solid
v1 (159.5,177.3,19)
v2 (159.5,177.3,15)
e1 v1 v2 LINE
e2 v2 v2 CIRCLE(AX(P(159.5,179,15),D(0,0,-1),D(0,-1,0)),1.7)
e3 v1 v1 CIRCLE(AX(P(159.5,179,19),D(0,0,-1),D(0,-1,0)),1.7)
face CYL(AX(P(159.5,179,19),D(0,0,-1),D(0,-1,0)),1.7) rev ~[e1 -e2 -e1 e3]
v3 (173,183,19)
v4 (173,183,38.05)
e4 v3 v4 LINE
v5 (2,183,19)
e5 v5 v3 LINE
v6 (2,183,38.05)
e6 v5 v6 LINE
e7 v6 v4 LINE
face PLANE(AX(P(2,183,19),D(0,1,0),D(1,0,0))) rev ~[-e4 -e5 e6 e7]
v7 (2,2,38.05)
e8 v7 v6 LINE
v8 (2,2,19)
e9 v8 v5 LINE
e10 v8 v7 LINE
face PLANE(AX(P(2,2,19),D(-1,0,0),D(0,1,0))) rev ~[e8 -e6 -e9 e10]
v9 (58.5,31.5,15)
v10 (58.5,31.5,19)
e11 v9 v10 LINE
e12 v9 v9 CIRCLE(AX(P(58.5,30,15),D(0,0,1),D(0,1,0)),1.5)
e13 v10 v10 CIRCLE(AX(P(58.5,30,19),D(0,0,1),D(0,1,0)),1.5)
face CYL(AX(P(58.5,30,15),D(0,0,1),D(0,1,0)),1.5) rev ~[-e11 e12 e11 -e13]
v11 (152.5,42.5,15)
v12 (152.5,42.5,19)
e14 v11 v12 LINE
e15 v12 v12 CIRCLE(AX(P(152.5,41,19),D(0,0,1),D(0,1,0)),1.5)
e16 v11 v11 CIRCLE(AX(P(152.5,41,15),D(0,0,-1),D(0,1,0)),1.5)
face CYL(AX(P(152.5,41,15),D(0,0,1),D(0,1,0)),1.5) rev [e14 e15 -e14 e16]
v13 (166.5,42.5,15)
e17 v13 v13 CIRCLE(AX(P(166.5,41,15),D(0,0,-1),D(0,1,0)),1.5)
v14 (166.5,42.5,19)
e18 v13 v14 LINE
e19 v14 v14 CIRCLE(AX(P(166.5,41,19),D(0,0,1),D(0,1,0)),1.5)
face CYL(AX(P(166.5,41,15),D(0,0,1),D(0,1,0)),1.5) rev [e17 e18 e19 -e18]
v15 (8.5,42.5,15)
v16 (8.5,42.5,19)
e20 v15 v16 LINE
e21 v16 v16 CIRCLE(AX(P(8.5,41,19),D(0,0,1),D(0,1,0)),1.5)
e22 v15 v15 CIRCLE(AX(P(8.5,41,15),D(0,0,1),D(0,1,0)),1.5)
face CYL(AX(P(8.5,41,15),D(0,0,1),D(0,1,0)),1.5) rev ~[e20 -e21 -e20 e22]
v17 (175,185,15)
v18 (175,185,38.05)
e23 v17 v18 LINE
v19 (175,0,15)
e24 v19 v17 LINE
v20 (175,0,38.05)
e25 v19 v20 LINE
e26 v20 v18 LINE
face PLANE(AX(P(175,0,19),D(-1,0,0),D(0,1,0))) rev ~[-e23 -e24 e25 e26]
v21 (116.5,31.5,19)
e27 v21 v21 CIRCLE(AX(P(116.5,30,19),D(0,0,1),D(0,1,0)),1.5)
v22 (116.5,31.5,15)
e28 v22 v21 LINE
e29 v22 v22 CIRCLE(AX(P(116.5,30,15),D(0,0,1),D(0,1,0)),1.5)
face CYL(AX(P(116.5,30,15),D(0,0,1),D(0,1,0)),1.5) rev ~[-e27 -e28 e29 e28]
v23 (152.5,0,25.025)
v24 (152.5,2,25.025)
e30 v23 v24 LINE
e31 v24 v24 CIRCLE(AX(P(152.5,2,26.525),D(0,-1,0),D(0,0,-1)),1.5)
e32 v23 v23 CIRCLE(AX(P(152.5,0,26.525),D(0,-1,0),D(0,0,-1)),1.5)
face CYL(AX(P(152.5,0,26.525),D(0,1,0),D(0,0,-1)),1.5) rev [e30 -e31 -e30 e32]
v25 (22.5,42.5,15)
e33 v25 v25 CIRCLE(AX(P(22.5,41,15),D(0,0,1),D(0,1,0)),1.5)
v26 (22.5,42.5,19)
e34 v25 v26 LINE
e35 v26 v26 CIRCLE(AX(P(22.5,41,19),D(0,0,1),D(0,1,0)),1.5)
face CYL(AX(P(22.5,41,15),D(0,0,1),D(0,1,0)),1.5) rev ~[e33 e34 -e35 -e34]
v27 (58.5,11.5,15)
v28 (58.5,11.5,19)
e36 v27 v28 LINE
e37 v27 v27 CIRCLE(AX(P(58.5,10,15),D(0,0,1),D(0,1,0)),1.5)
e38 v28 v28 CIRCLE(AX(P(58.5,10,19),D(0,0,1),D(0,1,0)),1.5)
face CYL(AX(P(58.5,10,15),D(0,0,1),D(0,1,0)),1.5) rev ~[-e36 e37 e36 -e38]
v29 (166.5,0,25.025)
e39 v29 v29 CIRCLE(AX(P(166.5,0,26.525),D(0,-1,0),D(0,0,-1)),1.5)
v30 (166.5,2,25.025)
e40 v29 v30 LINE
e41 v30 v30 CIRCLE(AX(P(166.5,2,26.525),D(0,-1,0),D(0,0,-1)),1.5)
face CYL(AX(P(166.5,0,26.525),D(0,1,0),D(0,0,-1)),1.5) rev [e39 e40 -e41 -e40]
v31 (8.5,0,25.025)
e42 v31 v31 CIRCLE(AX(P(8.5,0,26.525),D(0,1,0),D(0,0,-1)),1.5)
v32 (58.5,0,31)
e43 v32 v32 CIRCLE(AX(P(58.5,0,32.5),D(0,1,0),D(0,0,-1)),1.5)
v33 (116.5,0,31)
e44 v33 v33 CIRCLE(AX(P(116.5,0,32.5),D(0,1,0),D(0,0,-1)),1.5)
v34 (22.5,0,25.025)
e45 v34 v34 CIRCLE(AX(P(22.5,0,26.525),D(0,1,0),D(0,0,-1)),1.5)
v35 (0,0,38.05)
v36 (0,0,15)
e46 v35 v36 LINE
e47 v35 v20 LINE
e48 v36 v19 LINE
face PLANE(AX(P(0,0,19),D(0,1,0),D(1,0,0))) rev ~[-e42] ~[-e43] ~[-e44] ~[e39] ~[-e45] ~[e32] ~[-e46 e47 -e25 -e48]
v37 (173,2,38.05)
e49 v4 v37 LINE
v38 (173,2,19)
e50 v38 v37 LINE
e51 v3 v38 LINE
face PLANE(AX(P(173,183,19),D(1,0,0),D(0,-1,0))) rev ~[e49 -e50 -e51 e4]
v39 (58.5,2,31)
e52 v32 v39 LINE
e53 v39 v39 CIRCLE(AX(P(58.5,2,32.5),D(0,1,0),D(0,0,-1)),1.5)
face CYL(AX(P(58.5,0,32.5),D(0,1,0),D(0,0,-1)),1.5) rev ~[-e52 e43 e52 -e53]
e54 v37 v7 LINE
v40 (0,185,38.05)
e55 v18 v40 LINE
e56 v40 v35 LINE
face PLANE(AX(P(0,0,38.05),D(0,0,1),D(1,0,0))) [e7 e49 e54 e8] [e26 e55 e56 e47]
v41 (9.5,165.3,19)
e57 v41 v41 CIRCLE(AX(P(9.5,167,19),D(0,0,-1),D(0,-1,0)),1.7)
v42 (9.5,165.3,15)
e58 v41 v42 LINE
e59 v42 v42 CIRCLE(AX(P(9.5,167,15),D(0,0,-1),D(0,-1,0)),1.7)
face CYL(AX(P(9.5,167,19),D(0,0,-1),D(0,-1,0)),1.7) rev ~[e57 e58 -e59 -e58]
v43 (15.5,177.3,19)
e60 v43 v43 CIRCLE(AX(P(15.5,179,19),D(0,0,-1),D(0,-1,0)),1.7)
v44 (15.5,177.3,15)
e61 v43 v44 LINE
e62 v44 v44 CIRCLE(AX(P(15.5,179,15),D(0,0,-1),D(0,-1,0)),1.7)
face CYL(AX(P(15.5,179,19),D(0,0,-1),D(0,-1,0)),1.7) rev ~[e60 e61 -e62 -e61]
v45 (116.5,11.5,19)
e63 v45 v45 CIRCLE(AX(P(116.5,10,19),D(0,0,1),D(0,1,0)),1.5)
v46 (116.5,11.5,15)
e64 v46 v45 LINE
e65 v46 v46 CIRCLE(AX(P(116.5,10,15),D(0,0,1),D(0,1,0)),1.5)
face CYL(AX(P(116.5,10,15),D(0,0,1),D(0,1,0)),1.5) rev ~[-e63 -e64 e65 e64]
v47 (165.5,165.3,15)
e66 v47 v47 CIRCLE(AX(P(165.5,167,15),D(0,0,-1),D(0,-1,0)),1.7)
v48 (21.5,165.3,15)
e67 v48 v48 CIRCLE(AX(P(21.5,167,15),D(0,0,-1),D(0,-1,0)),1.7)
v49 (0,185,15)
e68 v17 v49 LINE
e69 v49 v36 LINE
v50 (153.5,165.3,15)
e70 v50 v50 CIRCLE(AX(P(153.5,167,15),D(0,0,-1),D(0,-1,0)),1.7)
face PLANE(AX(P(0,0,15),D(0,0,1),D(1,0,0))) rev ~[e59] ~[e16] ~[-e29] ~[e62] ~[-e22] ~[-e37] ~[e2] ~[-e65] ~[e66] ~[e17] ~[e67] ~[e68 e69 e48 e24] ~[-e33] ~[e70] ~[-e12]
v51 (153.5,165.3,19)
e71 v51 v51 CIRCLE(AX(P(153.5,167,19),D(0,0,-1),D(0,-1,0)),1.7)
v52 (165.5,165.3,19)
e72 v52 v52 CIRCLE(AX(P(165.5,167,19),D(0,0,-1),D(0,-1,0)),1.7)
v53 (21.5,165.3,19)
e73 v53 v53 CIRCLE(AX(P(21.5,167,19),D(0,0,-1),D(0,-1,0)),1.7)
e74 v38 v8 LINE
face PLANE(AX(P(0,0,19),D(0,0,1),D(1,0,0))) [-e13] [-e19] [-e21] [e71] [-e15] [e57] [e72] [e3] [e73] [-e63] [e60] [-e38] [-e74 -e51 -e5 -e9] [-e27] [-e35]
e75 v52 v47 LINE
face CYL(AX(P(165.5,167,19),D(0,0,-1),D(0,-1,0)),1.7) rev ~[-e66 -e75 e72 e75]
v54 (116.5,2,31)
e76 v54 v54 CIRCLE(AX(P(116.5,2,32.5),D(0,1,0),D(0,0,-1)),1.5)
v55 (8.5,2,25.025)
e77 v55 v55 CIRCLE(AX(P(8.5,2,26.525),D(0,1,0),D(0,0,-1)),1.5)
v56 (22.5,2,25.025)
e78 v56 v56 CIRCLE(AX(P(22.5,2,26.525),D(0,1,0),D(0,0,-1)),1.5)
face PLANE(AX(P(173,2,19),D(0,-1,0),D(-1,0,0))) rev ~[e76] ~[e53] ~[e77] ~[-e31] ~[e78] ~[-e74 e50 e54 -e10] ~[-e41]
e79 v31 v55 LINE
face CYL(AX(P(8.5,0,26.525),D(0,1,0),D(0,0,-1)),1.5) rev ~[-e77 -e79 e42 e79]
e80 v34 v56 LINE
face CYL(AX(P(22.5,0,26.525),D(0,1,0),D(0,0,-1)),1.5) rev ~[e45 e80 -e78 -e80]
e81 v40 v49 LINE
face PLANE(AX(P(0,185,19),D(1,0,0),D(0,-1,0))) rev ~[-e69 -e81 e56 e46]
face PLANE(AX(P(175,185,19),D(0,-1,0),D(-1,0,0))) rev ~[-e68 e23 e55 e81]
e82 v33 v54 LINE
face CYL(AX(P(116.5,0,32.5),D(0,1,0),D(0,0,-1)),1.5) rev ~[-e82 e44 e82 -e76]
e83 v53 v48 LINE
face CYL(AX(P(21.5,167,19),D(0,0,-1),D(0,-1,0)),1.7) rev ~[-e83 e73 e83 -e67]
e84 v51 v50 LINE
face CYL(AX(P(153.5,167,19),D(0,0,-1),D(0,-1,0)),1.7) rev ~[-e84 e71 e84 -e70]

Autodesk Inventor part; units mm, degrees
ref_plane "YZ Plane" through (0, 0, 0) normal (1, 0, 0) x (0, 1, 0)
ref_plane "Work Plane1" through (0, 0, 15) normal (0, 0, 1) x (1, 0, 0)
sketch "Sketch1" plane through (0, 0, 15) normal (0, 0, 1) x (1, 0, 0)
  line L0 (0, 0) -> (175, 0)
  line L1 (175, 0) -> (175, 185)
  line L2 (175, 185) -> (0, 185)
  line L3 (0, 185) -> (0, 0)
  dimension "d7" = 175
  dimension "d8" = 185
extrude "Extrusion1" add sketch "Sketch1" along normal blind 4
sketch "Sketch2" plane through (0, 0, 19) normal (0, 0, 1) x (1, 0, 0)
  line L0 (175, 185) -> (0, 185) projected
  line L1 (175, 0) -> (175, 185) projected
  line L2 (0, 185) -> (0, 0) projected
  point P0 (15.5, 179)
  point P1 (9.5, 167)
  point P2 (21.5, 167)
  point P3 (159.5, 179)
  point P4 (153.5, 167)
  point P5 (165.5, 167)
  dimension "d9" = 12
  dimension "d10" = 6
  dimension "d11" = 6
  dimension "d12" = 12
  dimension "d13" = 6
  dimension "d14" = 12
  dimension "d15" = 6
  dimension "d16" = 12
  dimension "d17" = 6
  dimension "d18" = 6
  dimension "d19" = 144
  dimension "d20" = 9.5
  dimension "d21" = 9.5
hole "Hole1" at (15.5, 179, 19) at (9.5, 167, 19) at (21.5, 167, 19) at (159.5, 179, 19) at (153.5, 167, 19) at (165.5, 167, 19) direction (0, 0, -1) diameter 3.4 end through all clearance for "Socket Head Cap Screw" size "M3" standard "Ansi Metric M Profile"
sketch "Sketch3" plane through (0, 0, 19) normal (0, 0, 1) x (1, 0, 0)
  circle A0 centre (153.5, 167) radius 1.7 projected
  circle A1 centre (21.5, 167) radius 1.7 projected
  circle A2 centre (15.5, 179) radius 1.7 projected
  circle A3 centre (9.5, 167) radius 1.7 projected
  circle A4 centre (159.5, 179) radius 1.7 projected
  circle A5 centre (165.5, 167) radius 1.7 projected
  line L0 (175, 0) -> (175, 185) projected
  line L1 (175, 185) -> (0, 185) projected
  line L2 (0, 185) -> (0, 0) projected
  line L3 (0, 0) -> (175, 0) projected
  line L4 (2, 183) -> (173, 183)
  line L5 (173, 183) -> (173, 2)
  line L6 (173, 2) -> (2, 2)
  line L7 (2, 2) -> (2, 183)
  dimension "d34" = 2
extrude "Extrusion2" add sketch "Sketch3" along normal blind 19.05 contours L3 L2 L1 L0
sketch "Sketch5" plane through (0, 0, 15) normal (0, 0, -1) x (-1, 0, 0)
  line L0 (0, 0) -> (-175, 0) projected
  line L1 (0, 185) -> (0, 0) projected
  point P0 (-8.5, 41)
  point P1 (-22.5, 41)
  dimension "d38" = 14
  dimension "d39" = 8.5
  dimension "d40" = 41
sketch "Sketch6" plane through (0, 0, 15) normal (0, -1, 0) x (1, 0, 0)
  line L0 (0, 0) -> (0, 23.05) projected
  point P0 (0, -15)
  point P1 (8.5, 11.525)
  point P2 (22.5, 11.525)
  point P3 (0, 11.525)
  dimension "d41" = 8.5
  dimension "d42" = 14
hole "Hole2" at (8.5, 41, 15) at (22.5, 41, 15) direction (0, 0, 1) diameter 3 end through all
hole "Hole3" at (8.5, 0, 26.525) at (22.5, 0, 26.525) direction (0, 1, 0) diameter 3 depth 2
ref_plane "Work Plane2" through (87.5, 0, 15) normal (-1, 0, 0) x (0, 0, 1)
mirror "Mirror1" about plane through (87.5, 0, 15) normal (-1, 0, 0) of "Hole2", "Hole3"
sketch "Sketch7" plane through (0, 0, 15) normal (0, -1, 0) x (1, 0, 0)
  line L0 (58.5, 17.5) -> (116.5, 17.5) construction
  line L1 (0, 23.05) -> (175, 23.05) construction
  point P0 (0, -15)
  point P1 (87.5, 17.5)
  point P2 (87.5, 23.05)
  dimension "d57" = 58
  dimension "d58" = 5.55
hole "Hole4" at (58.5, 0, 32.5) at (116.5, 0, 32.5) direction (0, 1, 0) diameter 3 depth 2
sketch "Sketch8" plane through (0, 0, 15) normal (0, 0, -1) x (-1, 0, 0)
  line L0 (0, 0) -> (-175, 0) projected
  line L1 (-58.5, 10) -> (-116.5, 10) construction
  point P0 (-58.5, 30)
  point P1 (-116.5, 30)
  point P2 (-87.5, 10)
  point P3 (-87.5, 0)
  dimension "d66" = 58
  dimension "d67" = 10
  dimension "d68" = 20
hole "Hole5" at (58.5, 10, 15) at (58.5, 30, 15) at (116.5, 10, 15) at (116.5, 30, 15) direction (0, 0, 1) diameter 3 depth 8
equation "\"d20\" = d21"
